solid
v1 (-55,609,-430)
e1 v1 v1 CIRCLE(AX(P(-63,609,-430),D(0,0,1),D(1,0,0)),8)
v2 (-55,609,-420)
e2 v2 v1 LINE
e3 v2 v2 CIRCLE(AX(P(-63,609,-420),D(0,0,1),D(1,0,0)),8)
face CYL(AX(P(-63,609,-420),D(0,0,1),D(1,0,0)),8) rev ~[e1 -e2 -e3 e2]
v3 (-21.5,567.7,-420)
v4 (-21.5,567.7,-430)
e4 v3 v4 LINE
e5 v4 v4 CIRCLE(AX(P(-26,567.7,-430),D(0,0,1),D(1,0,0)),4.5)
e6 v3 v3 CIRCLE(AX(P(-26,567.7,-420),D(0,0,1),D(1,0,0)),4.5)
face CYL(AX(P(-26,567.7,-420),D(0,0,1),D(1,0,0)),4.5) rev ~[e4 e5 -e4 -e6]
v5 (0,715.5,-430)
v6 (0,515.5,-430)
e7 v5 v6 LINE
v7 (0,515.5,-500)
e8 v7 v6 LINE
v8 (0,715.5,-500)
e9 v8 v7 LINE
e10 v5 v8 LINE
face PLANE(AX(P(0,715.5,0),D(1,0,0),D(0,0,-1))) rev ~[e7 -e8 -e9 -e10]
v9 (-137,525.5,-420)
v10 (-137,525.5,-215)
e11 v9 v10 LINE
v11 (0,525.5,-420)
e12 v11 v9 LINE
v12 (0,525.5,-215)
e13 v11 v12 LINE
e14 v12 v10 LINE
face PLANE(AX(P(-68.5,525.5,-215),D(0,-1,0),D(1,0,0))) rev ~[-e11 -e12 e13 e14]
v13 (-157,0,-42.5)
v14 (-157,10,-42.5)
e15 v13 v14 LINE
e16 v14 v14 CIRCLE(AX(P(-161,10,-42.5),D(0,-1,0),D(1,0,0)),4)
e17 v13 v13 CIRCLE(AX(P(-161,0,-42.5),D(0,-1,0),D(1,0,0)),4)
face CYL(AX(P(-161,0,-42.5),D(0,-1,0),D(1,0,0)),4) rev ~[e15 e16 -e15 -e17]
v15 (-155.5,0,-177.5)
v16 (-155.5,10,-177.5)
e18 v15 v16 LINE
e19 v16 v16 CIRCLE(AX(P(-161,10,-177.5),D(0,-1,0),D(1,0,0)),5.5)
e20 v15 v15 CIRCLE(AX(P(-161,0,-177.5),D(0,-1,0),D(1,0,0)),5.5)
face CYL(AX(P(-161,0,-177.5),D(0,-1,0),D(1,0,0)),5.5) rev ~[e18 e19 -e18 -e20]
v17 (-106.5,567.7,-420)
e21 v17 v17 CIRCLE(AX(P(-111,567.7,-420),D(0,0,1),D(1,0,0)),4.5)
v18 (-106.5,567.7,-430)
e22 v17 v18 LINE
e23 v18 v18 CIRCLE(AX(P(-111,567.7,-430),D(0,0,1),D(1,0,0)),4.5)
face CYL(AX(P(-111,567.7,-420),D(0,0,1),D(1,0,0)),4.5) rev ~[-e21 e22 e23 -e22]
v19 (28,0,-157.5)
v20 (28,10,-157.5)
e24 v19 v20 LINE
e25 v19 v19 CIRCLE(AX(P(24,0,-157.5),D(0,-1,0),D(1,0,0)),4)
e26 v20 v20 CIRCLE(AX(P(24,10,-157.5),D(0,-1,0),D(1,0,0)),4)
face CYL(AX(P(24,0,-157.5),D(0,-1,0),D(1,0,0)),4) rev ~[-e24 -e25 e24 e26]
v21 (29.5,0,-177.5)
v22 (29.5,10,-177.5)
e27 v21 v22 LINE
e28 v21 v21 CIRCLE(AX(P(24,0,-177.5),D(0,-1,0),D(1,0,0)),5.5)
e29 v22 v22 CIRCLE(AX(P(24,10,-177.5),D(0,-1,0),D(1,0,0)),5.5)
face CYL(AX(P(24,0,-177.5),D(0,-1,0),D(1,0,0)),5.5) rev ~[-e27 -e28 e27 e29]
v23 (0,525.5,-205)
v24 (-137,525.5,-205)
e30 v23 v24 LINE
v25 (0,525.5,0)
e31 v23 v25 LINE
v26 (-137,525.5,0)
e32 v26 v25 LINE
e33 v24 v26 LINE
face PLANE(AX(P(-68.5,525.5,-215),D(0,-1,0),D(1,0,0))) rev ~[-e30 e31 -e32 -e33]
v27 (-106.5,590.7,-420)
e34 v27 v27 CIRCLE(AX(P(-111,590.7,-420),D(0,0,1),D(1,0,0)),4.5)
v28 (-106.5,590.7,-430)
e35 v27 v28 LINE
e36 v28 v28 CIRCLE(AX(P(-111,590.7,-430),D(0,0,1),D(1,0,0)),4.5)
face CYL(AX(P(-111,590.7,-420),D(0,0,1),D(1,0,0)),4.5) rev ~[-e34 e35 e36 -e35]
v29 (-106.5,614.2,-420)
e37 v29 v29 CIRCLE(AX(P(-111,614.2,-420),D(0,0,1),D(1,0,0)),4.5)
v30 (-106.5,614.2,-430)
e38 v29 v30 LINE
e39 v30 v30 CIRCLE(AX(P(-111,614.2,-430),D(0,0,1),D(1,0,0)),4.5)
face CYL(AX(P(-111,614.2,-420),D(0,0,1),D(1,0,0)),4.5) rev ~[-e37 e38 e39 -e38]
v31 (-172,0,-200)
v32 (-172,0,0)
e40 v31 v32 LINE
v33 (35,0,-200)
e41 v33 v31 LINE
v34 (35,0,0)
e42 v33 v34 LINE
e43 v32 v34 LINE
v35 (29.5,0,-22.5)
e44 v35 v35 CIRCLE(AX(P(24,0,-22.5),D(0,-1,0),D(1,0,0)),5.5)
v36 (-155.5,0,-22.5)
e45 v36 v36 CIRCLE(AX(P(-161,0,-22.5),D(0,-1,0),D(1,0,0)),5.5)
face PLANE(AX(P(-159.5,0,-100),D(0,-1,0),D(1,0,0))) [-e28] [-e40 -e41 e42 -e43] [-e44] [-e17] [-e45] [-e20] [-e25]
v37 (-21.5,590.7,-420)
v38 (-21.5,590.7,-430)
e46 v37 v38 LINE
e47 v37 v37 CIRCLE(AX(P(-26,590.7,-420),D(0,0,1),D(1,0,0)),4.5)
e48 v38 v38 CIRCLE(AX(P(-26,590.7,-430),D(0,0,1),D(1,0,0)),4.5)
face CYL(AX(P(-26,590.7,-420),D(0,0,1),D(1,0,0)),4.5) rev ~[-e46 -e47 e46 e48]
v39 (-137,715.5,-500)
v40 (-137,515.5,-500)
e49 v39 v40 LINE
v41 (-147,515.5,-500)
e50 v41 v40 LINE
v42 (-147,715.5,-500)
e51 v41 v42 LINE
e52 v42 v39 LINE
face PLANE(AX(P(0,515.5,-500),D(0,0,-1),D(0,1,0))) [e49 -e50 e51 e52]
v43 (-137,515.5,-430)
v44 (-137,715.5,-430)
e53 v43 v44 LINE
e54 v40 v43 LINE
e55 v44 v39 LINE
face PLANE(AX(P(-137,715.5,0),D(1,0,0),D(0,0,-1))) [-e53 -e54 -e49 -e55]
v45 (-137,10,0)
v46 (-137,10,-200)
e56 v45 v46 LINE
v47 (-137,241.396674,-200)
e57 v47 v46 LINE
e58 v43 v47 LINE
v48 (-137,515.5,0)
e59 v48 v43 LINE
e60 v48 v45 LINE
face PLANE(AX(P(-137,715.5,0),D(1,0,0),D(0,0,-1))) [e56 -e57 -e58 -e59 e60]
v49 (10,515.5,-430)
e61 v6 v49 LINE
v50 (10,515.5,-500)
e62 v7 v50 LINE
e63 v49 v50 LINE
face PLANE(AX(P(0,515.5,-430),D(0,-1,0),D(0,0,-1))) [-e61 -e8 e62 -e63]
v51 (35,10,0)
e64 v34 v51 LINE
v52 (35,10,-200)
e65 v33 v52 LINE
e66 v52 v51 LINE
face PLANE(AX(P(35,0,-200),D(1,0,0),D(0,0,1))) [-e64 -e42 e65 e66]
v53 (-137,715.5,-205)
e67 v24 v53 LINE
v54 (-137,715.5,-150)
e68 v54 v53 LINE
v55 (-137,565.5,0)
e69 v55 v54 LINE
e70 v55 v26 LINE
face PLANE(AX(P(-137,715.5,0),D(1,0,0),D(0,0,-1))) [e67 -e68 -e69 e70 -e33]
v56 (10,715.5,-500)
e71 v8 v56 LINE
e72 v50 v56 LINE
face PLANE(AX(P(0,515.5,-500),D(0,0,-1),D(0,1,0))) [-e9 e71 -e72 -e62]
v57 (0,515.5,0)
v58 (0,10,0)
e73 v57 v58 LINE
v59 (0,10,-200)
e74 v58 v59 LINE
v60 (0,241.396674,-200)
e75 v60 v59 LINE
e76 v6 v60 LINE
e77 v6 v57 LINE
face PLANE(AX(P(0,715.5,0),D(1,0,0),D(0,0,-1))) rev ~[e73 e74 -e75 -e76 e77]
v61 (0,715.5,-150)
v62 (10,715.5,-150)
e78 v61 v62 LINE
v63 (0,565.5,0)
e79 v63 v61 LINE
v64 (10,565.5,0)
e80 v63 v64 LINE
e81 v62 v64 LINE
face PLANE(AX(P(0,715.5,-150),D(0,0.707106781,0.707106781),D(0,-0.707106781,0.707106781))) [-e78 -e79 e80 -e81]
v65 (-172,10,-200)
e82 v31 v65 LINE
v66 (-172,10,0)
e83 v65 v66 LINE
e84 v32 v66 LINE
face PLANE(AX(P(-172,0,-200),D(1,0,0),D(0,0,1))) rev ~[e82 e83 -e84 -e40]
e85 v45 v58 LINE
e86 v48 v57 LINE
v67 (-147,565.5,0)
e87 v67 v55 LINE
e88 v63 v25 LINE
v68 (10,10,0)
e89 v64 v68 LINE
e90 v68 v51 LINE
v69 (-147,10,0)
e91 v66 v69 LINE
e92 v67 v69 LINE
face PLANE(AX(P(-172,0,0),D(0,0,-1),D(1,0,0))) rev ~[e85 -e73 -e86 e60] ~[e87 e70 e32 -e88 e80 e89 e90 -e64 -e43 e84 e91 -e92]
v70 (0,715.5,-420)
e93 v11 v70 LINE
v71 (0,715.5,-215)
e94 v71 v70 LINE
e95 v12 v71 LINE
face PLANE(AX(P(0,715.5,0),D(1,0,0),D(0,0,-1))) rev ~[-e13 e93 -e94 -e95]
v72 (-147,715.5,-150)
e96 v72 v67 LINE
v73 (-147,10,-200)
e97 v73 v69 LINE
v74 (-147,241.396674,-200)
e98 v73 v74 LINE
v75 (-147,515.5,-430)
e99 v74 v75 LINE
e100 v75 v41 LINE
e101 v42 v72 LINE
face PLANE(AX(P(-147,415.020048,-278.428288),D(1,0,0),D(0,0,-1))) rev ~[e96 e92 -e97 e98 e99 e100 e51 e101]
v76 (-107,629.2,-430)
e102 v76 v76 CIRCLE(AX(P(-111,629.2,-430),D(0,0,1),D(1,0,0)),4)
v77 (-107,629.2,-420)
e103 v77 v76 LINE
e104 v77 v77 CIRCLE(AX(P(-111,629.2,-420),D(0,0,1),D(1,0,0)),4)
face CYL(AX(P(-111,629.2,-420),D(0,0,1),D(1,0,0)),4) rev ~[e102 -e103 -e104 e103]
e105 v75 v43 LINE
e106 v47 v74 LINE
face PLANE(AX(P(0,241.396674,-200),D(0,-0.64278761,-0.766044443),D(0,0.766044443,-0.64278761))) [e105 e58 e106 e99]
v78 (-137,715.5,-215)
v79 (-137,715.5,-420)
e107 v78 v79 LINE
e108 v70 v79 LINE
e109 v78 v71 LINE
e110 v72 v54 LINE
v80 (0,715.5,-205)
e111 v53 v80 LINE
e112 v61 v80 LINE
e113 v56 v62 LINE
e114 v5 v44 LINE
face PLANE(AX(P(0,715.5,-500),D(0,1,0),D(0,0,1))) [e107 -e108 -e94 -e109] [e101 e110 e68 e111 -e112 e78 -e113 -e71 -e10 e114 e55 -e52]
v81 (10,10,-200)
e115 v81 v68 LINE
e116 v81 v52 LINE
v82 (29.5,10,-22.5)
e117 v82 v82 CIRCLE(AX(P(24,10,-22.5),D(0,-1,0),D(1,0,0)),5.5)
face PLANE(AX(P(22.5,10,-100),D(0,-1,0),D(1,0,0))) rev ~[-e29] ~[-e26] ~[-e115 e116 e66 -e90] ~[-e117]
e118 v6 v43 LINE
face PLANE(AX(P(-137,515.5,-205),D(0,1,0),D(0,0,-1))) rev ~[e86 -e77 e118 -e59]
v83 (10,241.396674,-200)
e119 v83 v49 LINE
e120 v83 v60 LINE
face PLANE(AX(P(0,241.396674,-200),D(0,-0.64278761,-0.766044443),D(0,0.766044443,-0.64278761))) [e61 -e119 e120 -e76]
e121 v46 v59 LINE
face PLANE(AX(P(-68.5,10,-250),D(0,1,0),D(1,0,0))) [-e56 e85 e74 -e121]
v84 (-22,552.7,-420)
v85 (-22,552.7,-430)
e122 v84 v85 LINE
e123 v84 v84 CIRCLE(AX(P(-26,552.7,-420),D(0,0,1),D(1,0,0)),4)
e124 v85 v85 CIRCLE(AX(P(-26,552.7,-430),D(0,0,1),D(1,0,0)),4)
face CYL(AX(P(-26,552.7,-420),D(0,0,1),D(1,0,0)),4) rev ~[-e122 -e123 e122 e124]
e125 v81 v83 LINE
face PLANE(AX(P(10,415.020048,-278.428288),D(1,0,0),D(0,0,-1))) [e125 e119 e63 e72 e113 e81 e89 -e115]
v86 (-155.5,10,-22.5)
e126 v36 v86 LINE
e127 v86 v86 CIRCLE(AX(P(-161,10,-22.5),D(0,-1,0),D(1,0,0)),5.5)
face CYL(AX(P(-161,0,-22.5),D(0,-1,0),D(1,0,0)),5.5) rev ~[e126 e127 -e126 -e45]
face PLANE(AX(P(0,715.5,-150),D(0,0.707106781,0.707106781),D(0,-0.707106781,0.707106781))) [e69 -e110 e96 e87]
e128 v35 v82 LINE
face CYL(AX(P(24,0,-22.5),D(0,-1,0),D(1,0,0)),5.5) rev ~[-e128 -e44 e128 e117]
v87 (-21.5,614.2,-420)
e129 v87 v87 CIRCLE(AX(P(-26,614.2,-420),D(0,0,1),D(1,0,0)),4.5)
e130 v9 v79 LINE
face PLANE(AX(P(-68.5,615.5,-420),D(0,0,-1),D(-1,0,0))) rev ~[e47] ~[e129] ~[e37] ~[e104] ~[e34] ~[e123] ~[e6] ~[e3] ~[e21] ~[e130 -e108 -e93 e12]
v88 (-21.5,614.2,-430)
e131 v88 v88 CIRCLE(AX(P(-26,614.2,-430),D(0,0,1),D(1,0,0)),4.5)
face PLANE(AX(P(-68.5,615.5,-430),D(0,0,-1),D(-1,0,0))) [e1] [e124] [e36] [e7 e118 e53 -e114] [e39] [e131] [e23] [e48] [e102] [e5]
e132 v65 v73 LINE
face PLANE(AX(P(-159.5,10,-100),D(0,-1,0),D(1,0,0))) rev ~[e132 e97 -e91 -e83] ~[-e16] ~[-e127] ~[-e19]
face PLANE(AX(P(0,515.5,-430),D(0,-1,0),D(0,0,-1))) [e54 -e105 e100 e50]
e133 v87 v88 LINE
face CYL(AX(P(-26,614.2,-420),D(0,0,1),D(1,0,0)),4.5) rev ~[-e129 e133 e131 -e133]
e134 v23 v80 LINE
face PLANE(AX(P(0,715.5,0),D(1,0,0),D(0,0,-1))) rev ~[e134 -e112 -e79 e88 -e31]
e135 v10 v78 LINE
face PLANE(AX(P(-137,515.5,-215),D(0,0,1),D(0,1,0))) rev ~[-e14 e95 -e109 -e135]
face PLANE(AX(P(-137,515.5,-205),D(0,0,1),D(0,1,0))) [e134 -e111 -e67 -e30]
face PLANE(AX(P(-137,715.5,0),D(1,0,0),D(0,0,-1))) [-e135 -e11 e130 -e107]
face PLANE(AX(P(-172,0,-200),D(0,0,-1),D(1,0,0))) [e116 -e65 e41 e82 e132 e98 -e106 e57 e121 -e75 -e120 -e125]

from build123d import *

# Parameters (mm, degrees)
BOSS_EXTRUDE1_DEPTH      = 10
BOSS_EXTRUDE1_DEPTH_BACK = 147
SKETCH3_W                = 137
SKETCH3_H                = 500
CUT_EXTRUDE1_DEPTH       = 705.5
SKETCH4_W                = 137
SKETCH4_H                = 200
BOSS_EXTRUDE2_DEPTH      = 10
CUT_EXTRUDE3_REACH       = 82
SKETCH6_R                = 4.5
SKETCH6_R_2              = 8
SKETCH6_R_3              = 4
SKETCH9_W                = 25
SKETCH9_H                = 200
BOSS_EXTRUDE4_DEPTH      = 10
SKETCH10_R               = 5.5
SKETCH10_R_2             = 4
CUT_EXTRUDE4_DEPTH       = 716.5
SKETCH11_W               = 137
SKETCH11_H               = 430
BOSS_EXTRUDE5_DEPTH      = 10
SKETCH12_W               = 10
SKETCH12_H               = 200
BOSS_EXTRUDE6_DEPTH      = 137


with BuildPart() as part:
    # Sketch1 → Boss-Extrude1 (new body, two sides)
    with BuildSketch(Plane(origin=(0, 0, 0), x_dir=(0, 0, -1), z_dir=(1, 0, 0))) as boss_extrude1_sk:
        Polygon((200, 515.5), (200, 241.396673703), (430, 515.5), align=None)
        Polygon((200, 0), (200, 515.5), (500, 515.5), (500, 715.5), (150, 715.5), (0, 565.5), (0, 0), align=None)
    extrude(amount=BOSS_EXTRUDE1_DEPTH)
    extrude(boss_extrude1_sk.sketch, amount=-BOSS_EXTRUDE1_DEPTH_BACK)

    # Sketch3 → Cut-Extrude1 (cut)
    with BuildSketch(Plane(origin=(0, 715.5, 0), x_dir=(1, 0, 0), z_dir=(0, 1, 0))):
        with Locations((-68.5, 250)):
            Rectangle(SKETCH3_W, SKETCH3_H)
    extrude(amount=-CUT_EXTRUDE1_DEPTH, mode=Mode.SUBTRACT)

    # Sketch4 → Boss-Extrude2 (add)
    with BuildSketch(Plane(origin=(0, 0, -430), x_dir=(-1, 0, 0), z_dir=(0, 0, -1))):
        with Locations((68.5, 615.5)):
            Rectangle(SKETCH4_W, SKETCH4_H)
    extrude(amount=-BOSS_EXTRUDE2_DEPTH)

    # Sketch6 → Cut-Extrude3 (cut, up to next)
    with BuildSketch(Plane.XY.offset(-420), mode=Mode.PRIVATE) as cut_extrude3_sk1:
        with Locations((-111, 567.7)):
            Circle(SKETCH6_R)
    cut_extrude3_tool1 = extrude(cut_extrude3_sk1.sketch, amount=-CUT_EXTRUDE3_REACH, mode=Mode.PRIVATE) & part.part
    add(cut_extrude3_tool1.solids().sort_by_distance((-111, 567.7, -420))[0], mode=Mode.SUBTRACT)
    # Sketch6 → Cut-Extrude3 (cut, up to next)
    with BuildSketch(Plane.XY.offset(-420), mode=Mode.PRIVATE) as cut_extrude3_sk2:
        with Locations((-26, 567.7)):
            Circle(SKETCH6_R)
    cut_extrude3_tool2 = extrude(cut_extrude3_sk2.sketch, amount=-CUT_EXTRUDE3_REACH, mode=Mode.PRIVATE) & part.part
    add(cut_extrude3_tool2.solids().sort_by_distance((-26, 567.7, -420))[0], mode=Mode.SUBTRACT)
    # Sketch6 → Cut-Extrude3 (cut, up to next)
    with BuildSketch(Plane.XY.offset(-420), mode=Mode.PRIVATE) as cut_extrude3_sk3:
        with Locations((-111, 614.2)):
            Circle(SKETCH6_R)
    cut_extrude3_tool3 = extrude(cut_extrude3_sk3.sketch, amount=-CUT_EXTRUDE3_REACH, mode=Mode.PRIVATE) & part.part
    add(cut_extrude3_tool3.solids().sort_by_distance((-111, 614.2, -420))[0], mode=Mode.SUBTRACT)
    # Sketch6 → Cut-Extrude3 (cut, up to next)
    with BuildSketch(Plane.XY.offset(-420), mode=Mode.PRIVATE) as cut_extrude3_sk4:
        with Locations((-26, 614.2)):
            Circle(SKETCH6_R)
    cut_extrude3_tool4 = extrude(cut_extrude3_sk4.sketch, amount=-CUT_EXTRUDE3_REACH, mode=Mode.PRIVATE) & part.part
    add(cut_extrude3_tool4.solids().sort_by_distance((-26, 614.2, -420))[0], mode=Mode.SUBTRACT)
    # Sketch6 → Cut-Extrude3 (cut, up to next)
    with BuildSketch(Plane.XY.offset(-420), mode=Mode.PRIVATE) as cut_extrude3_sk5:
        with Locations((-63, 609)):
            Circle(SKETCH6_R_2)
    cut_extrude3_tool5 = extrude(cut_extrude3_sk5.sketch, amount=-CUT_EXTRUDE3_REACH, mode=Mode.PRIVATE) & part.part
    add(cut_extrude3_tool5.solids().sort_by_distance((-63, 609, -420))[0], mode=Mode.SUBTRACT)
    # Sketch6 → Cut-Extrude3 (cut, up to next)
    with BuildSketch(Plane.XY.offset(-420), mode=Mode.PRIVATE) as cut_extrude3_sk6:
        with Locations((-111, 629.2)):
            Circle(SKETCH6_R_3)
    cut_extrude3_tool6 = extrude(cut_extrude3_sk6.sketch, amount=-CUT_EXTRUDE3_REACH, mode=Mode.PRIVATE) & part.part
    add(cut_extrude3_tool6.solids().sort_by_distance((-111, 629.2, -420))[0], mode=Mode.SUBTRACT)
    # Sketch6 → Cut-Extrude3 (cut, up to next)
    with BuildSketch(Plane.XY.offset(-420), mode=Mode.PRIVATE) as cut_extrude3_sk7:
        with Locations((-26, 552.7)):
            Circle(SKETCH6_R_3)
    cut_extrude3_tool7 = extrude(cut_extrude3_sk7.sketch, amount=-CUT_EXTRUDE3_REACH, mode=Mode.PRIVATE) & part.part
    add(cut_extrude3_tool7.solids().sort_by_distance((-26, 552.7, -420))[0], mode=Mode.SUBTRACT)
    # Sketch6 → Cut-Extrude3 (cut, up to next)
    with BuildSketch(Plane.XY.offset(-420), mode=Mode.PRIVATE) as cut_extrude3_sk8:
        with Locations((-111, 590.7)):
            Circle(SKETCH6_R)
    cut_extrude3_tool8 = extrude(cut_extrude3_sk8.sketch, amount=-CUT_EXTRUDE3_REACH, mode=Mode.PRIVATE) & part.part
    add(cut_extrude3_tool8.solids().sort_by_distance((-111, 590.7, -420))[0], mode=Mode.SUBTRACT)
    # Sketch6 → Cut-Extrude3 (cut, up to next)
    with BuildSketch(Plane.XY.offset(-420), mode=Mode.PRIVATE) as cut_extrude3_sk9:
        with Locations((-26, 590.7)):
            Circle(SKETCH6_R)
    cut_extrude3_tool9 = extrude(cut_extrude3_sk9.sketch, amount=-CUT_EXTRUDE3_REACH, mode=Mode.PRIVATE) & part.part
    add(cut_extrude3_tool9.solids().sort_by_distance((-26, 590.7, -420))[0], mode=Mode.SUBTRACT)

    # Sketch9 → Boss-Extrude4 (add)
    with BuildSketch(Plane.XZ):
        with Locations((-159.5, -100)):
            Rectangle(SKETCH9_W, SKETCH9_H)
        with Locations((22.5, -100)):
            Rectangle(SKETCH9_W, SKETCH9_H)
    extrude(amount=-BOSS_EXTRUDE4_DEPTH)

    # Sketch10 → Cut-Extrude4 (cut, through all)
    with BuildSketch(Plane.XZ):
        with Locations((-161, -22.5)):
            Circle(SKETCH10_R)
        with Locations((24, -22.5)):
            Circle(SKETCH10_R)
        with Locations((24, -177.5)):
            Circle(SKETCH10_R)
        with Locations((-161, -177.5)):
            Circle(SKETCH10_R)
        with Locations((-161, -42.5)):
            Circle(SKETCH10_R_2)
        with Locations((24, -157.5)):
            Circle(SKETCH10_R_2)
    extrude(amount=-CUT_EXTRUDE4_DEPTH, mode=Mode.SUBTRACT)

    # Sketch11 → Boss-Extrude5 (add)
    with BuildSketch(Plane.XZ.offset(-515.5)):
        with Locations((-68.5, -215)):
            Rectangle(SKETCH11_W, SKETCH11_H)
    extrude(amount=-BOSS_EXTRUDE5_DEPTH)

    # Sketch12 → Boss-Extrude6 (add)
    with BuildSketch(Plane(origin=(-137, 0, 0), x_dir=(0, 0, -1), z_dir=(1, 0, 0))):
        with Locations((210, 615.5)):
            Rectangle(SKETCH12_W, SKETCH12_H)
    extrude(amount=BOSS_EXTRUDE6_DEPTH)


solid = part.part
